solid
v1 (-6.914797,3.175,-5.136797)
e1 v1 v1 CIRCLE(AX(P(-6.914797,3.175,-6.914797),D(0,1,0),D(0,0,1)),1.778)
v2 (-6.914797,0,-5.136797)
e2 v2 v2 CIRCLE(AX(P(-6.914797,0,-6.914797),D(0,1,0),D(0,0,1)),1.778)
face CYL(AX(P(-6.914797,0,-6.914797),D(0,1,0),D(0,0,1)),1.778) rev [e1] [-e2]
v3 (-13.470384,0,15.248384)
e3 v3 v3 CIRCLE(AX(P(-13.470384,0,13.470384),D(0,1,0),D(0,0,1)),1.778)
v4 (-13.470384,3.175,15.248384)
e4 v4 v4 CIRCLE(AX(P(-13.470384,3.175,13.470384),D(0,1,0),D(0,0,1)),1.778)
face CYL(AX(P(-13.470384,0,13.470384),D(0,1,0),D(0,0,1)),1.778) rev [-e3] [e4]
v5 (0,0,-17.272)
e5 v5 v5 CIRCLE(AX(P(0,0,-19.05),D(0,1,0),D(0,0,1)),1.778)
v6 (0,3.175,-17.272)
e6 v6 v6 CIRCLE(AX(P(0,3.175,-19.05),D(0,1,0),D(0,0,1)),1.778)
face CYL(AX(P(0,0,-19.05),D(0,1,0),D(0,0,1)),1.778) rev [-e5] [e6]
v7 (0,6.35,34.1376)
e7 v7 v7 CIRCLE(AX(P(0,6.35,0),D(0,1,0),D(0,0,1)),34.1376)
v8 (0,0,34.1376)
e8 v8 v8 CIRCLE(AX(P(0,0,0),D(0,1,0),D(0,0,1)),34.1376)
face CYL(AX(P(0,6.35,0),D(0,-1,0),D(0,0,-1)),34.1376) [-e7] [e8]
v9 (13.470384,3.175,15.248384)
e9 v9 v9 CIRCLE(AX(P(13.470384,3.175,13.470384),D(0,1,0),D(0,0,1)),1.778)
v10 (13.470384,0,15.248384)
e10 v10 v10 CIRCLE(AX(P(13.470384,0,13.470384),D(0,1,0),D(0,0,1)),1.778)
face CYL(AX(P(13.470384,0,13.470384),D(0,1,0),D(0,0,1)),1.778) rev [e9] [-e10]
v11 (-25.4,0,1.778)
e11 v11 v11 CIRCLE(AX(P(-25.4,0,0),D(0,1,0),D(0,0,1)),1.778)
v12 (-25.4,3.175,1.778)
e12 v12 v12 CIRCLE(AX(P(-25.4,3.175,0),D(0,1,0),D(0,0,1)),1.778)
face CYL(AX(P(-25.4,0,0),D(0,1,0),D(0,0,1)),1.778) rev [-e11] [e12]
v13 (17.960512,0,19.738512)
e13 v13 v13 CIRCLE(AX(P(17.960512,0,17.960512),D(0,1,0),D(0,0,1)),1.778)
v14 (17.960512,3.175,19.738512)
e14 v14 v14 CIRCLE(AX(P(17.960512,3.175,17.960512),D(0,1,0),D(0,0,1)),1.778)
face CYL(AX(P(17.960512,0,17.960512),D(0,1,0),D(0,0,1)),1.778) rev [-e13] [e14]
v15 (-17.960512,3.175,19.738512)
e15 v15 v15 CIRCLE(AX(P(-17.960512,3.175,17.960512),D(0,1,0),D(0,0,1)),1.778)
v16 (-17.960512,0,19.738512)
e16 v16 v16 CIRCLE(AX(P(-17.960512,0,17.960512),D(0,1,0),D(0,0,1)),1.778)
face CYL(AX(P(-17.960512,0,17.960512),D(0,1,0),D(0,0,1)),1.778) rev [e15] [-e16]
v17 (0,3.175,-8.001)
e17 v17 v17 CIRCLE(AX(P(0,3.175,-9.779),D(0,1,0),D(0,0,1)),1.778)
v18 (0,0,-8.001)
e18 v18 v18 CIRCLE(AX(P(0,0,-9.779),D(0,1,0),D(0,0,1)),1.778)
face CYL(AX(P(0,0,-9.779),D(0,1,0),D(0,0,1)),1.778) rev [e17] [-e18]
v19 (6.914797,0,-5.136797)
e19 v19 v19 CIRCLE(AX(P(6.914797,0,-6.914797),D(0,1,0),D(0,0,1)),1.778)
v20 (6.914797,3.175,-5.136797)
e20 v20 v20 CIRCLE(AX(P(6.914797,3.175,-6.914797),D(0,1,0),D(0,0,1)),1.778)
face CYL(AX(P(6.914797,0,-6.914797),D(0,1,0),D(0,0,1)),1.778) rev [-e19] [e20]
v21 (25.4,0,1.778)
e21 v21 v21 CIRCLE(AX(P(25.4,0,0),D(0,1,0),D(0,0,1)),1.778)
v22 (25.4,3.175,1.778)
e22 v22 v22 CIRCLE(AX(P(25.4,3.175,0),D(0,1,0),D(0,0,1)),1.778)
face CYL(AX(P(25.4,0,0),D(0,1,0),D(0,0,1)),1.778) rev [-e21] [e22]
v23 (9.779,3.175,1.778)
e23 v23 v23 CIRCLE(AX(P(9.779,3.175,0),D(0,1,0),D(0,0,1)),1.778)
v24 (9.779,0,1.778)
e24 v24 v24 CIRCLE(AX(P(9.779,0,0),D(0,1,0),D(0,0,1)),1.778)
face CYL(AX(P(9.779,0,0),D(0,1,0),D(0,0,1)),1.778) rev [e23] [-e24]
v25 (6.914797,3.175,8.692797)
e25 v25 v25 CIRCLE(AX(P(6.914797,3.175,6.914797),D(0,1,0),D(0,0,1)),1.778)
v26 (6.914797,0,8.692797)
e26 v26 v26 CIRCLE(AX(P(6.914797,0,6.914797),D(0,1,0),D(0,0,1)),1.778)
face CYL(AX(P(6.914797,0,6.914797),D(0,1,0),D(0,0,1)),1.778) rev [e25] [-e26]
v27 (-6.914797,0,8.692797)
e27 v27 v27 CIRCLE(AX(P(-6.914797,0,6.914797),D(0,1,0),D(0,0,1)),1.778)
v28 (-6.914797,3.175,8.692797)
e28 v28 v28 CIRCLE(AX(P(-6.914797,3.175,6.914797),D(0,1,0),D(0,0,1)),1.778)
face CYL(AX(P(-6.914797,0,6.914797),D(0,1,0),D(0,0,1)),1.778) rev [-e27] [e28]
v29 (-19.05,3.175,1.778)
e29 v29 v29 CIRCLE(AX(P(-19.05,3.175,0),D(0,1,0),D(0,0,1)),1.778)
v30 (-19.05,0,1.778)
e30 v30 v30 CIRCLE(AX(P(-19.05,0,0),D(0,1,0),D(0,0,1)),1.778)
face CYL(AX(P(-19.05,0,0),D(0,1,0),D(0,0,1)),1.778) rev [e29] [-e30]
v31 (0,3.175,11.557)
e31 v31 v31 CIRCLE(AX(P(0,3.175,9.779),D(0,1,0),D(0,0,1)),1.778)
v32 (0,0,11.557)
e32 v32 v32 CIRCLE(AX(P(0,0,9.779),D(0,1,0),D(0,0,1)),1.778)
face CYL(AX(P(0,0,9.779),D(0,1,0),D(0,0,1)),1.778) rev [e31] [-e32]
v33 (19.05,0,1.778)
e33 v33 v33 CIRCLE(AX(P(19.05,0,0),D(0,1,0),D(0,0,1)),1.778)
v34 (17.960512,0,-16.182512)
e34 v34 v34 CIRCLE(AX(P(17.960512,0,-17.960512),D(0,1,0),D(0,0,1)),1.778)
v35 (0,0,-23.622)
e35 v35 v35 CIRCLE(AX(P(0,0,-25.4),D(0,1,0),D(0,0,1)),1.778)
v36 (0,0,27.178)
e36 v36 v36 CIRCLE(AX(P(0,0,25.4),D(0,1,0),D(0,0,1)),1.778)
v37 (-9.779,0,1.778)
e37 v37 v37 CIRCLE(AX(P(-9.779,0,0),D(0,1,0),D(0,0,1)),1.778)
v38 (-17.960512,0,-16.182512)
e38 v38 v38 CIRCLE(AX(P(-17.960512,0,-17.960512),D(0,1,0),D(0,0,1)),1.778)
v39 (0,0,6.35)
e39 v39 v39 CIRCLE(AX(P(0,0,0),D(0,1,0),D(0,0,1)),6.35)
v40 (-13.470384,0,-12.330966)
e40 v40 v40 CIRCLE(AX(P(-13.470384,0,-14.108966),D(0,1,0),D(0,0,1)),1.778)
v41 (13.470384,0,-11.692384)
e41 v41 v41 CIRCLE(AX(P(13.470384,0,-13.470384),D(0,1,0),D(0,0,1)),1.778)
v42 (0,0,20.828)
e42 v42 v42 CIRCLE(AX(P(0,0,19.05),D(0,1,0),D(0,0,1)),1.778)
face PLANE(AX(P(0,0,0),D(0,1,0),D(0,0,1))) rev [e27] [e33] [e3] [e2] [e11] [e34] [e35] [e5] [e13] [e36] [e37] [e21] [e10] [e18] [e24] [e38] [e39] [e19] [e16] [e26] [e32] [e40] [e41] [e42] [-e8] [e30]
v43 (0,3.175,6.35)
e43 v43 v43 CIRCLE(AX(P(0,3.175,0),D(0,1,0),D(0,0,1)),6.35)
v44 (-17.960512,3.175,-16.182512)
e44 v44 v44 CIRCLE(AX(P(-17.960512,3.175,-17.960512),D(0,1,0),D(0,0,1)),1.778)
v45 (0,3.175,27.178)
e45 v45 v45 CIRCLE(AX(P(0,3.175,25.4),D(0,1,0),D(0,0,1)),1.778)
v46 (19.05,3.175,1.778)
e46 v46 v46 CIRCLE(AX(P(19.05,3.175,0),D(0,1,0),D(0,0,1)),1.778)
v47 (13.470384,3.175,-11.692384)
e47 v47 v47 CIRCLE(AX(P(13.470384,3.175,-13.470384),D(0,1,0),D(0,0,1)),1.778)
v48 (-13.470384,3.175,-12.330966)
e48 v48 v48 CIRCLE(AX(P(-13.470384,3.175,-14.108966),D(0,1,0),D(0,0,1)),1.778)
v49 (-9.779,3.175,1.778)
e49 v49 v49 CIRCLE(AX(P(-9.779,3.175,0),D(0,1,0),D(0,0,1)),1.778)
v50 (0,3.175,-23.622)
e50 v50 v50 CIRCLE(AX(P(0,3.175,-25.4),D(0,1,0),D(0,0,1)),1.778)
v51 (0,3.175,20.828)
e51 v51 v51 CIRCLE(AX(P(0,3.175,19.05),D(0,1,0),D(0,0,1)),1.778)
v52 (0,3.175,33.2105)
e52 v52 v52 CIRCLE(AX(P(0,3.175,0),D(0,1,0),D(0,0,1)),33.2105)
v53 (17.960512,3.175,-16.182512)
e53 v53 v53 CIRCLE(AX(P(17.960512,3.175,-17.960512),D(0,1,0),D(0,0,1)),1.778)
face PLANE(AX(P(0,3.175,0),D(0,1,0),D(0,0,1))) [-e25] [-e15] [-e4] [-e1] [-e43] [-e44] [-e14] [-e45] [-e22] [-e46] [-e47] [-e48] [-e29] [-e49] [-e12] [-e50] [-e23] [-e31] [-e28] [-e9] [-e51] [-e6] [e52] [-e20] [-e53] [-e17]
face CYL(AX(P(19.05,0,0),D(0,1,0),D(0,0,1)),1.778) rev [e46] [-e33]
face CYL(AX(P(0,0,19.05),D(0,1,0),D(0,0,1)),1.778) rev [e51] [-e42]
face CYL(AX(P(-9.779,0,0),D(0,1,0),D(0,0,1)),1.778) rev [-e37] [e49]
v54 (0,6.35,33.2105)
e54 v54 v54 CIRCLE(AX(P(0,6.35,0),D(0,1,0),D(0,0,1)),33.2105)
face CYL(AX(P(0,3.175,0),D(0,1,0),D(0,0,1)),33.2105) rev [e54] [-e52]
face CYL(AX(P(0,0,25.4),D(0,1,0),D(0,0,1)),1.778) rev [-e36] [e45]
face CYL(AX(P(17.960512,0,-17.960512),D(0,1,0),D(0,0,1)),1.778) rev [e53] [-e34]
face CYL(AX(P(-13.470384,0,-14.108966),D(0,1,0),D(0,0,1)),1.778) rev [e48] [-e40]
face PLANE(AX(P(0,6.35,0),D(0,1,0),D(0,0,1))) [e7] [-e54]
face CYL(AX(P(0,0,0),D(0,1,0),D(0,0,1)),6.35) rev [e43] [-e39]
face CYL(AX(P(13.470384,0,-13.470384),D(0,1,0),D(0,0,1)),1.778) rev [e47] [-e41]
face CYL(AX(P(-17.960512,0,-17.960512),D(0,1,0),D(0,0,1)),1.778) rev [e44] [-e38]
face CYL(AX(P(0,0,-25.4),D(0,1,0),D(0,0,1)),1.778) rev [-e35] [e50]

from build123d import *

# Parameters (mm, degrees)
SKETCH1_R           = 34.1376
BOSS_EXTRUDE1_DEPTH = 6.35
SKETCH2_R           = 33.2105
CUT_EXTRUDE3_DEPTH  = 3.175
SKETCH3_R           = 6.35
CUT_EXTRUDE4_DEPTH  = 3.175
SKETCH3_3_R         = 6.35
SKETCH3_3_R_2       = 1.778
CUT_EXTRUDE5_DEPTH  = 3.175
SKETCH6_R           = 1.778
CUT_EXTRUDE6_DEPTH  = 3.175
SKETCH8_R           = 1.778
CUT_EXTRUDE7_DEPTH  = 3.175


with BuildPart() as part:
    # Sketch1 → Boss-Extrude1 (new body)
    with BuildSketch(Plane(origin=(0, 0, 0), x_dir=(1, 0, 0), z_dir=(0, 1, 0))):
        Circle(SKETCH1_R)
    extrude(amount=BOSS_EXTRUDE1_DEPTH)

    # Sketch2 → Cut-Extrude3 (cut)
    with BuildSketch(Plane(origin=(0, 6.35, 0), x_dir=(1, 0, 0), z_dir=(0, 1, 0))):
        Circle(SKETCH2_R)
    extrude(amount=-CUT_EXTRUDE3_DEPTH, mode=Mode.SUBTRACT)

    # Sketch3 → Cut-Extrude4 (cut)
    with BuildSketch(Plane(origin=(0, 3.175, 0), x_dir=(1, 0, 0), z_dir=(0, 1, 0))):
        Circle(SKETCH3_R)
    extrude(amount=-CUT_EXTRUDE4_DEPTH, mode=Mode.SUBTRACT)

    # Sketch3<3> → Cut-Extrude5 (cut)
    with BuildSketch(Plane(origin=(0, 3.175, 0), x_dir=(1, 0, 0), z_dir=(0, 1, 0))):
        Circle(SKETCH3_3_R)
        with Locations((25.4, 0)):
            Circle(SKETCH3_3_R_2)
        with Locations((17.960512242, 17.960512242)):
            Circle(SKETCH3_3_R_2)
        with Locations((0, 25.4)):
            Circle(SKETCH3_3_R_2)
        with Locations((-17.960512242, 17.960512242)):
            Circle(SKETCH3_3_R_2)
        with Locations((-25.4, 0)):
            Circle(SKETCH3_3_R_2)
        with Locations((-17.960512242, -17.960512242)):
            Circle(SKETCH3_3_R_2)
        with Locations((0, -25.4)):
            Circle(SKETCH3_3_R_2)
        with Locations((17.960512242, -17.960512242)):
            Circle(SKETCH3_3_R_2)
    extrude(amount=-CUT_EXTRUDE5_DEPTH, mode=Mode.SUBTRACT)

    # Sketch6 → Cut-Extrude6 (cut)
    with BuildSketch(Plane(origin=(0, 3.175, 0), x_dir=(1, 0, 0), z_dir=(0, 1, 0))):
        with Locations((0, 19.05)):
            Circle(SKETCH6_R)
        with Locations((-13.470384182, 14.10896611)):
            Circle(SKETCH6_R)
        with Locations((-19.05, 0)):
            Circle(SKETCH6_R)
        with Locations((-13.470384182, -13.470384182)):
            Circle(SKETCH6_R)
        with Locations((0, -19.05)):
            Circle(SKETCH6_R)
        with Locations((13.470384182, -13.470384182)):
            Circle(SKETCH6_R)
        with Locations((19.05, 0)):
            Circle(SKETCH6_R)
        with Locations((13.470384182, 13.470384182)):
            Circle(SKETCH6_R)
    extrude(amount=-CUT_EXTRUDE6_DEPTH, mode=Mode.SUBTRACT)

    # Sketch8 → Cut-Extrude7 (cut)
    with BuildSketch(Plane(origin=(0, 3.175, 0), x_dir=(1, 0, 0), z_dir=(0, 1, 0))):
        with Locations((9.779, 0)):
            Circle(SKETCH8_R)
        with Locations((6.914797213, 6.914797213)):
            Circle(SKETCH8_R)
        with Locations((0, 9.779)):
            Circle(SKETCH8_R)
        with Locations((-6.914797213, 6.914797213)):
            Circle(SKETCH8_R)
        with Locations((-9.779, 0)):
            Circle(SKETCH8_R)
        with Locations((-6.914797213, -6.914797213)):
            Circle(SKETCH8_R)
        with Locations((0, -9.779)):
            Circle(SKETCH8_R)
        with Locations((6.914797213, -6.914797213)):
            Circle(SKETCH8_R)
    extrude(amount=-CUT_EXTRUDE7_DEPTH, mode=Mode.SUBTRACT)


solid = part.part
